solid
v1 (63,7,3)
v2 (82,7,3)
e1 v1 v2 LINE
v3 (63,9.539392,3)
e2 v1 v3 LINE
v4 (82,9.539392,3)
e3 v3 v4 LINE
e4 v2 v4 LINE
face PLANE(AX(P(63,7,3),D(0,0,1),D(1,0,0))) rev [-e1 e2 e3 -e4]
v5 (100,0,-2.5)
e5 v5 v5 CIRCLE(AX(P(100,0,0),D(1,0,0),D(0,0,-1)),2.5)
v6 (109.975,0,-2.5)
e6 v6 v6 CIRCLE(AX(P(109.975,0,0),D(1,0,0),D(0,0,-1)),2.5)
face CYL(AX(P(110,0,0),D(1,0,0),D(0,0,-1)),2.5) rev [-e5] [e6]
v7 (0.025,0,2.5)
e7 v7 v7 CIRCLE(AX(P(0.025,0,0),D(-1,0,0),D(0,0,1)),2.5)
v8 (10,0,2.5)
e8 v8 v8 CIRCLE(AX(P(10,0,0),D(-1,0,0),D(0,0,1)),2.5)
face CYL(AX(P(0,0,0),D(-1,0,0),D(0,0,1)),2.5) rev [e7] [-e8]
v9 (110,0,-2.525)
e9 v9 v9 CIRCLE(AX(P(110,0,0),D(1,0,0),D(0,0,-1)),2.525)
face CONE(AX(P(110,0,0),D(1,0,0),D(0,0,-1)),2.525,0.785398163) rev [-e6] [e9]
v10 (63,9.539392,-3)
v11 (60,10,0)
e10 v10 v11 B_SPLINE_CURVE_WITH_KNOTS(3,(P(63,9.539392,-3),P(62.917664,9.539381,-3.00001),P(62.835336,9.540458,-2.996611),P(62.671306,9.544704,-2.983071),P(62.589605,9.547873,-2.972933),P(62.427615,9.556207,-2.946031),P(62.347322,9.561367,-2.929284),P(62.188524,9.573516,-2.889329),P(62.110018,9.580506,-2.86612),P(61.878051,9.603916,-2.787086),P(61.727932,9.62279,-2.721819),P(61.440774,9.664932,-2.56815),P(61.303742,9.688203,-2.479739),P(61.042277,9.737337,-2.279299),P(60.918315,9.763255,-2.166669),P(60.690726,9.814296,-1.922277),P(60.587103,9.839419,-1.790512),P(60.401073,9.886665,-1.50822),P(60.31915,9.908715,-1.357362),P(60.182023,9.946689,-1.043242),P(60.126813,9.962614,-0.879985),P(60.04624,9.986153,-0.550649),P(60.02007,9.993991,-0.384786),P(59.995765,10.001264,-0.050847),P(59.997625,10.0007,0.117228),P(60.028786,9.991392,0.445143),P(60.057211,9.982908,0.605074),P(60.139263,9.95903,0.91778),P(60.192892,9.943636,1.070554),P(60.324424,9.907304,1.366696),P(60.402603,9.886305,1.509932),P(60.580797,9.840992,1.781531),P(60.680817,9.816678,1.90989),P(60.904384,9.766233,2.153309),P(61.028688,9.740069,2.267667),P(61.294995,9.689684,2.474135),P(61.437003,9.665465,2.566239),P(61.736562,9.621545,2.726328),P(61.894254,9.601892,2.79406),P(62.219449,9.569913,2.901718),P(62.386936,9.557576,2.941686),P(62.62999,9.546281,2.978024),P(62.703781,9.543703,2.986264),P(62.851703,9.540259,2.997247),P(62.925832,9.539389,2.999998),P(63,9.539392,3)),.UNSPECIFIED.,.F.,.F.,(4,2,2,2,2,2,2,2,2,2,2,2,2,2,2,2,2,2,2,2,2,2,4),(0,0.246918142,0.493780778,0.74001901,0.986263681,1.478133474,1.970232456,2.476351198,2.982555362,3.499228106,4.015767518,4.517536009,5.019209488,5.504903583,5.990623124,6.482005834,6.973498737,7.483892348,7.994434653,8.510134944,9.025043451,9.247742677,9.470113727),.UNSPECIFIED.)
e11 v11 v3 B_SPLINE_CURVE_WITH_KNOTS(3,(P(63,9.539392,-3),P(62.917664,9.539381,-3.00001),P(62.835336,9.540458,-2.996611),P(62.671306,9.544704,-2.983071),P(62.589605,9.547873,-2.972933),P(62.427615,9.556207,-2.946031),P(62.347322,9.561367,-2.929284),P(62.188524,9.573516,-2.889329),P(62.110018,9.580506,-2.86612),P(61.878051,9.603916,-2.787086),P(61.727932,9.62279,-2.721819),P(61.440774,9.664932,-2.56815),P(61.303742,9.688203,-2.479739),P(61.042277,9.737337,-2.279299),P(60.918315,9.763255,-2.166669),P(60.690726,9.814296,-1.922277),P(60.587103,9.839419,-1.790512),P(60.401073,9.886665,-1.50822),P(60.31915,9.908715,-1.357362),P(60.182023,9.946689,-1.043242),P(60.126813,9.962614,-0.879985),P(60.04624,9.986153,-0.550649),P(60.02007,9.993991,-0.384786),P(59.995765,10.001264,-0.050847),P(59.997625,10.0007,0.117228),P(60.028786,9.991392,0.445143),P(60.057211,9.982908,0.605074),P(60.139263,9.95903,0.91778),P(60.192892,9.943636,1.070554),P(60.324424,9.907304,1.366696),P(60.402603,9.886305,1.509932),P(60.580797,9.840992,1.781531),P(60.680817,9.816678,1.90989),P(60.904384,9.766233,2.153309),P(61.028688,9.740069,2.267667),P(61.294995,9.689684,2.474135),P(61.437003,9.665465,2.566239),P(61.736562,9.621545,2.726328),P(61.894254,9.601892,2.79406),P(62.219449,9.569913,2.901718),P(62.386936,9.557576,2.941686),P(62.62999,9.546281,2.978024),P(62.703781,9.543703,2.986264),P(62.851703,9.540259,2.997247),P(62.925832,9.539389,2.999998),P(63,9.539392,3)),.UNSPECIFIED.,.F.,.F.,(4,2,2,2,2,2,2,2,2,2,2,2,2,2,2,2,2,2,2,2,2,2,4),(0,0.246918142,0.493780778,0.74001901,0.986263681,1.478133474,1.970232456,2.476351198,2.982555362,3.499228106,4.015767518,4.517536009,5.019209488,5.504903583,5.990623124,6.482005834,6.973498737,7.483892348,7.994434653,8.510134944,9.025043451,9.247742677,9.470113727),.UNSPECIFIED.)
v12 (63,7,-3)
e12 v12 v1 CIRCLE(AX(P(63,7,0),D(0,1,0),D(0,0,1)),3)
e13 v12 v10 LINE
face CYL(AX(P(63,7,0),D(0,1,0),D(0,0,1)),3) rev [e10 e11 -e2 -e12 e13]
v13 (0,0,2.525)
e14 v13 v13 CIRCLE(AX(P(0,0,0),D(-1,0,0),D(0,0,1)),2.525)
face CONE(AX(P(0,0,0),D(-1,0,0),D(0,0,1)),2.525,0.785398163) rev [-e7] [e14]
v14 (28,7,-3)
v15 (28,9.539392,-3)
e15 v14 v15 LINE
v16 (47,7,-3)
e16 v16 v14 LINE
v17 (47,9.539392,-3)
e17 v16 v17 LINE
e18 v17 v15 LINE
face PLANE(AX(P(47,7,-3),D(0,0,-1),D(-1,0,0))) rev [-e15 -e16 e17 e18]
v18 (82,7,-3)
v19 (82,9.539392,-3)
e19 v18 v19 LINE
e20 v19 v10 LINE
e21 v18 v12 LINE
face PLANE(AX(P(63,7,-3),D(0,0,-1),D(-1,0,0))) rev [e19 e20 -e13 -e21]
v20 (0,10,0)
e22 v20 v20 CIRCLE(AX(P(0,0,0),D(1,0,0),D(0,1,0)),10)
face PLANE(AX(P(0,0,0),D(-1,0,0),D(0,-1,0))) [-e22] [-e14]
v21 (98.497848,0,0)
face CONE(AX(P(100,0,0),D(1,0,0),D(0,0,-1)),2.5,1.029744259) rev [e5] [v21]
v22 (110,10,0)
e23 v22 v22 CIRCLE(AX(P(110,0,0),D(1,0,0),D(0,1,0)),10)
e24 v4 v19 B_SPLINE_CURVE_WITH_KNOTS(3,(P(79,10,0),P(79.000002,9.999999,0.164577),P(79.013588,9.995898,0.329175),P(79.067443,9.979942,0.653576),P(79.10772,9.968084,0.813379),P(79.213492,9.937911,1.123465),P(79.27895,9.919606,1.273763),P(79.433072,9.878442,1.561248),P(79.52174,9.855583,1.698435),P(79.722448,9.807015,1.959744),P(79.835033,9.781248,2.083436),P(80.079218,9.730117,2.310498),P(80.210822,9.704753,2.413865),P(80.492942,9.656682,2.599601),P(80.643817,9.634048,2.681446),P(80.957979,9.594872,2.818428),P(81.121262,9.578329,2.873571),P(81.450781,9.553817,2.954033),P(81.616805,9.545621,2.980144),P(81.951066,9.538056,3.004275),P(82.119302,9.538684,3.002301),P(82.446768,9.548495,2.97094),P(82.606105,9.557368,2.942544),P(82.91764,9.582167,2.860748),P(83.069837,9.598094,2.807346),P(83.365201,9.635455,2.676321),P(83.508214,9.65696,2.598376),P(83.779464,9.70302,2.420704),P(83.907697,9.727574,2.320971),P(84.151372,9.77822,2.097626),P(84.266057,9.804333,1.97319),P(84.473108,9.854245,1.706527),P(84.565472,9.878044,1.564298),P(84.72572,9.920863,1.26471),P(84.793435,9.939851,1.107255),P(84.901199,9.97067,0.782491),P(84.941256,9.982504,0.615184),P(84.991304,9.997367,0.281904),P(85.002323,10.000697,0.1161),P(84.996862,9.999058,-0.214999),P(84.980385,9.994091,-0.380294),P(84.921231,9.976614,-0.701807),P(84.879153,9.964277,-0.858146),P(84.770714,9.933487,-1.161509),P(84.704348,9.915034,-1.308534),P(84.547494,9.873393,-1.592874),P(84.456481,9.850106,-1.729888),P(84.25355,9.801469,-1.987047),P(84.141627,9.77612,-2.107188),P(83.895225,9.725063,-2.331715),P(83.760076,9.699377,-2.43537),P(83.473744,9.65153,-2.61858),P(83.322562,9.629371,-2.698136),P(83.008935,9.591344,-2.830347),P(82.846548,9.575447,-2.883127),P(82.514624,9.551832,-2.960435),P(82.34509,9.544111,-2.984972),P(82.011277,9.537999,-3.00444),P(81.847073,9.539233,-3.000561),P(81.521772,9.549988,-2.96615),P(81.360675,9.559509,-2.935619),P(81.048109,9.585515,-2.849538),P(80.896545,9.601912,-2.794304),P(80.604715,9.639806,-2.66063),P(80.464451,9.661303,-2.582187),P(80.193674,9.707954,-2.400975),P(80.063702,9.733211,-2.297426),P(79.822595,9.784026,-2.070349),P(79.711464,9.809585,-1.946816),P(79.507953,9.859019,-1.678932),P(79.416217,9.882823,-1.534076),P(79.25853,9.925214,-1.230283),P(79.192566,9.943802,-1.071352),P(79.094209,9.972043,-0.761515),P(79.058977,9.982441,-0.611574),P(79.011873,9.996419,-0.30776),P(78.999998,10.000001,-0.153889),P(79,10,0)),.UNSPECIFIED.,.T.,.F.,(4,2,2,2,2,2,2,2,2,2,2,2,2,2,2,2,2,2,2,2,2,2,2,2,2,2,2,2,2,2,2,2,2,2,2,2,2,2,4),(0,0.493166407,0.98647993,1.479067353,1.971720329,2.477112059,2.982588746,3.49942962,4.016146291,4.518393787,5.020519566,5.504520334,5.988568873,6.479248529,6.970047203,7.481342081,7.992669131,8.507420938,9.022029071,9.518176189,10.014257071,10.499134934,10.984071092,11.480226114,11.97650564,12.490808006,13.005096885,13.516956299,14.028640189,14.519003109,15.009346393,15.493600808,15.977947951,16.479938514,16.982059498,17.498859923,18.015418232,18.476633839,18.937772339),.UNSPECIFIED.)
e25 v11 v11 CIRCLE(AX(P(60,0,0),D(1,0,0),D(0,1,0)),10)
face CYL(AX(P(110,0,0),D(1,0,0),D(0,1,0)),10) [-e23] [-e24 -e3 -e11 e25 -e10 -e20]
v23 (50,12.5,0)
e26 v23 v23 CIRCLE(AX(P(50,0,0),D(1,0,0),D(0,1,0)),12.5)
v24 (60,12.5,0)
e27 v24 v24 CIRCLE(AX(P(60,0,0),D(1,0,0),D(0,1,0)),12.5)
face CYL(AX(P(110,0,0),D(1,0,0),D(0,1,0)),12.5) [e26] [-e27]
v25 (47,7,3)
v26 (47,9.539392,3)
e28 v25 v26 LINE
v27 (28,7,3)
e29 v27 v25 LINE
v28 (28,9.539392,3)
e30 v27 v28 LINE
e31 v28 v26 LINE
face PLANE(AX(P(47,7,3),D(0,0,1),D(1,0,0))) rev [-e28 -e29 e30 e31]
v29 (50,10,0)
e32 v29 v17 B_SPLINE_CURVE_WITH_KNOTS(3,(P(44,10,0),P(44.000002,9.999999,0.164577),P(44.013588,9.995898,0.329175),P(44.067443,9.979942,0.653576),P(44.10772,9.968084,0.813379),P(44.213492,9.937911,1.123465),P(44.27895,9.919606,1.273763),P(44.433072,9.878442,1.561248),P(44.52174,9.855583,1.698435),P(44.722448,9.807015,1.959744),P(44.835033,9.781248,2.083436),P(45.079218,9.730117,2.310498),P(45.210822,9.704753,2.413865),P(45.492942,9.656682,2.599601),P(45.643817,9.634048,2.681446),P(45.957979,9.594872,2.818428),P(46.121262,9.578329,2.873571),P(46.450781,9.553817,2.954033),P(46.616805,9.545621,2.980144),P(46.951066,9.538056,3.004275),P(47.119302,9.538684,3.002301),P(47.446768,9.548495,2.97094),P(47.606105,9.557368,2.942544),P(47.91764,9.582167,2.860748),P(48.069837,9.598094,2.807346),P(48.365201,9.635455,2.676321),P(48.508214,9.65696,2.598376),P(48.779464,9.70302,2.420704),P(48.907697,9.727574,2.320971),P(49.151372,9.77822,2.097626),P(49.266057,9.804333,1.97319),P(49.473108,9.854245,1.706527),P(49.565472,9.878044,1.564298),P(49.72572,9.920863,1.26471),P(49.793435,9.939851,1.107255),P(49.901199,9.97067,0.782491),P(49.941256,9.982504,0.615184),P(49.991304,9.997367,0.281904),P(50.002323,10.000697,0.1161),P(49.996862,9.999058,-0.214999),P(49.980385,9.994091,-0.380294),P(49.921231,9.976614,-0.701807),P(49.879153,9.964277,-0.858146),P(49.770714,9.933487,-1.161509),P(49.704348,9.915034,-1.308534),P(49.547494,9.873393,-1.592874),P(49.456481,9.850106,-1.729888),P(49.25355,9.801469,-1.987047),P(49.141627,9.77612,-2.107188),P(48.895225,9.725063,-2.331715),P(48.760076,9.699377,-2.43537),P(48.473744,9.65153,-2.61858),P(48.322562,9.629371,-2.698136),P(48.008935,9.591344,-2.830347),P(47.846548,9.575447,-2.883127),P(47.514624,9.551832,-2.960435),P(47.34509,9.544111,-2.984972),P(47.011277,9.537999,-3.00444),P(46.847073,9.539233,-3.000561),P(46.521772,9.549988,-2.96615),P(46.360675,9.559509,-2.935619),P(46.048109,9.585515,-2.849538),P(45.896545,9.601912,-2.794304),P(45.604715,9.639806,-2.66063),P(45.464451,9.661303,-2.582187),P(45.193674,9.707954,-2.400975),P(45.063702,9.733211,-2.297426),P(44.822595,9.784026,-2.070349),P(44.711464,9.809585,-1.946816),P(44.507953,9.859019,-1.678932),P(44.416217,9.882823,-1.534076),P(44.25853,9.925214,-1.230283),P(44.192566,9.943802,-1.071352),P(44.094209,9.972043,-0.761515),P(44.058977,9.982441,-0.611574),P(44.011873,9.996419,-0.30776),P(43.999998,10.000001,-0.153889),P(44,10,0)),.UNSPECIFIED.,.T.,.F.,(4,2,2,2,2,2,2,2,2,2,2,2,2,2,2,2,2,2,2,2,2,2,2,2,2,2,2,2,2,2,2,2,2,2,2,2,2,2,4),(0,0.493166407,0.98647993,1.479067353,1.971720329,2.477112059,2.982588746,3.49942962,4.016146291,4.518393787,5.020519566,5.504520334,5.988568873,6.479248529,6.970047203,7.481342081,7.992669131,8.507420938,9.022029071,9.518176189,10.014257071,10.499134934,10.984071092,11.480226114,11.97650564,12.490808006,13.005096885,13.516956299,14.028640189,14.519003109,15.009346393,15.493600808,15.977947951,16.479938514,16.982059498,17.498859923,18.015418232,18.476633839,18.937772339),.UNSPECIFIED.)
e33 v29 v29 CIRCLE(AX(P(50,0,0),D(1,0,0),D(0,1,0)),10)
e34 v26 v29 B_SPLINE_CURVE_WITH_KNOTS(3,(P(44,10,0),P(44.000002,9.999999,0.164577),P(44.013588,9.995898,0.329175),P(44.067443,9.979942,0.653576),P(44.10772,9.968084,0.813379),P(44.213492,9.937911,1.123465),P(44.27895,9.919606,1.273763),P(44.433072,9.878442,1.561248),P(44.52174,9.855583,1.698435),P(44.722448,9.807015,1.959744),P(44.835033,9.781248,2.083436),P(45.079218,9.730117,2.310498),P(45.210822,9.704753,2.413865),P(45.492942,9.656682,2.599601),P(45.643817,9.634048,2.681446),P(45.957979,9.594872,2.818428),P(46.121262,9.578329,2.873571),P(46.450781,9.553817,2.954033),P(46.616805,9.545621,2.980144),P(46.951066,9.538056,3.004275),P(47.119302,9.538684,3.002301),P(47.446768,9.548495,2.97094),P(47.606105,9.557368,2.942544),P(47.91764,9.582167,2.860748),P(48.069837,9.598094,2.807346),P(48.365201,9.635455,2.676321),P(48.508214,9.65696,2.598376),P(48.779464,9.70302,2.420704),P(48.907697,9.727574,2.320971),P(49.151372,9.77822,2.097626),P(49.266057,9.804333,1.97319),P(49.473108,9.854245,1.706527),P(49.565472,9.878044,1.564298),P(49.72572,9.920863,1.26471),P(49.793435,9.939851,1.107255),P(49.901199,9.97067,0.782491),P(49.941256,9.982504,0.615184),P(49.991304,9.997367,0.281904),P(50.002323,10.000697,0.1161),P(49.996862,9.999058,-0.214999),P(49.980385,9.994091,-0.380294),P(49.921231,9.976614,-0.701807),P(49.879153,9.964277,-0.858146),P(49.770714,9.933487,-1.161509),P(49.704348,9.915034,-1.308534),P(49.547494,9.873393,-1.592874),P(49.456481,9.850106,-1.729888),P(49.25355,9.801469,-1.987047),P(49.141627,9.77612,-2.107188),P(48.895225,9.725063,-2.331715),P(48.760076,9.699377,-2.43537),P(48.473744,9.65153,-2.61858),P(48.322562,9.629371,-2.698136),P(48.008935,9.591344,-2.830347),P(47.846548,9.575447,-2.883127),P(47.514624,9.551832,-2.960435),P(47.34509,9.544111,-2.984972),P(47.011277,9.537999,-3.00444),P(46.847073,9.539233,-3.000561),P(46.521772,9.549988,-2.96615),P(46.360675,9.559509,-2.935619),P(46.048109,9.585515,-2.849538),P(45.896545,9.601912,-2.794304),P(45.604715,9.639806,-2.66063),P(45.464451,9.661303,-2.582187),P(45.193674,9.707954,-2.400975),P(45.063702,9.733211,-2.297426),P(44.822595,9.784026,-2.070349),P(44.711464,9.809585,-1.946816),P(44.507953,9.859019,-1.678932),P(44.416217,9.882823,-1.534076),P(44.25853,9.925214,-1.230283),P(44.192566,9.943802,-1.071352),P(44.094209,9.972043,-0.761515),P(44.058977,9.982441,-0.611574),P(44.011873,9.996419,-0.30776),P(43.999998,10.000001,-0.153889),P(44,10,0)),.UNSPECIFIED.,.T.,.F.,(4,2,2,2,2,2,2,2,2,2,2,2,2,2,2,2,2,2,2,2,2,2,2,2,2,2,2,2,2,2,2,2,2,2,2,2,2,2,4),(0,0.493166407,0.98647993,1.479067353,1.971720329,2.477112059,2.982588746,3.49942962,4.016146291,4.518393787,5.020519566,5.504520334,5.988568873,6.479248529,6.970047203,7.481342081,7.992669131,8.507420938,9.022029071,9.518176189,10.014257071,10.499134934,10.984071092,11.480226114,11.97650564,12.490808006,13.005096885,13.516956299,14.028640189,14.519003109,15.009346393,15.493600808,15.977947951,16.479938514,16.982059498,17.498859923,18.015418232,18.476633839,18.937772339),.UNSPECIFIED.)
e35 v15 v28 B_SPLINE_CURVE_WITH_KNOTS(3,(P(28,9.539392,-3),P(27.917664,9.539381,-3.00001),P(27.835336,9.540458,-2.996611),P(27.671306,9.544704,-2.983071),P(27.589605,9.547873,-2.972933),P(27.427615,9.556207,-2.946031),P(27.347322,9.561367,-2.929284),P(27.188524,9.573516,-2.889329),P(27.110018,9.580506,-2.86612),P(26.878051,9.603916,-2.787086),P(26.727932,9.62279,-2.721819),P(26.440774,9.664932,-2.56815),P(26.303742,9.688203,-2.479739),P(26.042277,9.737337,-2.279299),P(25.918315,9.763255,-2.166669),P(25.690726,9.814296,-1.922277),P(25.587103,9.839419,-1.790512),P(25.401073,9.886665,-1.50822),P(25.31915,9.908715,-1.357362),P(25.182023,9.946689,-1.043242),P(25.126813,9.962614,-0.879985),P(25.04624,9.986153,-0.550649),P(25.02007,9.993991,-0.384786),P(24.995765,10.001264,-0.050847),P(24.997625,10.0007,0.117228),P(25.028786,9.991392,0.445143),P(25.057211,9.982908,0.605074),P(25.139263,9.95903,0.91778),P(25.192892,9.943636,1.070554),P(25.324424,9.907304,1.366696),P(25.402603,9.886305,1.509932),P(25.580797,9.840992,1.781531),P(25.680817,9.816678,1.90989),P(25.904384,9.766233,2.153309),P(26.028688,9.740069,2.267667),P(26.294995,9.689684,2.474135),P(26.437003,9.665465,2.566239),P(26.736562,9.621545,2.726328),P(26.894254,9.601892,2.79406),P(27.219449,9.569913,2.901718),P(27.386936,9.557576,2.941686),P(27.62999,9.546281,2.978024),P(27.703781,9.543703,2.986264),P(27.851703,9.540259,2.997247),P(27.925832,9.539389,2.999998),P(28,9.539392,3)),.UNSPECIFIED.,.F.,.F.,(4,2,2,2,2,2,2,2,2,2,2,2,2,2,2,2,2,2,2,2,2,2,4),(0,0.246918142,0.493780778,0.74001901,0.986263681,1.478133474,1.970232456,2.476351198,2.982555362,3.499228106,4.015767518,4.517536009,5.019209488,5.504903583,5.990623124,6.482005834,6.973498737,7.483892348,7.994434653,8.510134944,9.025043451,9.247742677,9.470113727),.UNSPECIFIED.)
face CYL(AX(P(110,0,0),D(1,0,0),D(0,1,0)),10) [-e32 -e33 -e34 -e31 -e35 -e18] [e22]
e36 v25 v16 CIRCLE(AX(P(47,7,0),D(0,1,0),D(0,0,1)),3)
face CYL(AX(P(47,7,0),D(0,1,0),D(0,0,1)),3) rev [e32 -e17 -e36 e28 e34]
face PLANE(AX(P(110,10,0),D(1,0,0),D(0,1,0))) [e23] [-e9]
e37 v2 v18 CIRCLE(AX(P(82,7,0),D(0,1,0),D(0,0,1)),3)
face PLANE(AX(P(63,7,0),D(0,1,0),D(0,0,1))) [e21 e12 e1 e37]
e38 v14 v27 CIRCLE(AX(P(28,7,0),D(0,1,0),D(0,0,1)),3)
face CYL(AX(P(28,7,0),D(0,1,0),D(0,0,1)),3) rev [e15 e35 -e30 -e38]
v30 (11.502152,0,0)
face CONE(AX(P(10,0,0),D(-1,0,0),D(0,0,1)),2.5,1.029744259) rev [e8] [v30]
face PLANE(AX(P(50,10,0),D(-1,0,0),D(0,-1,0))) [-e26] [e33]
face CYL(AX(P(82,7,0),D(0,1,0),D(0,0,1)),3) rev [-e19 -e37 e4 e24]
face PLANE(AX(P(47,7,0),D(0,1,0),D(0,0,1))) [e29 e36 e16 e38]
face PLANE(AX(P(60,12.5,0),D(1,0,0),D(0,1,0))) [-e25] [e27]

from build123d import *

# Parameters (mm, degrees)
CUT_EXTRUDE1_DEPTH                        = 3
F_5_0MM_DOWEL_HOLE1_D                     = 5
F_5_0MM_DOWEL_HOLE1_DEPTH                 = 10
F_5_0MM_DOWEL_HOLE1_CSINK_D               = 5.05
F_5_0MM_DOWEL_HOLE1_CSINK_ANGLE           = 90
F_5_0MM_DOWEL_HOLE1_TIP                   = 1.502151548
F_5_0MM_DOWEL_HOLE1_ON_FACE_2_D           = 5
F_5_0MM_DOWEL_HOLE1_ON_FACE_2_DEPTH       = 10
F_5_0MM_DOWEL_HOLE1_ON_FACE_2_CSINK_D     = 5.05
F_5_0MM_DOWEL_HOLE1_ON_FACE_2_CSINK_ANGLE = 90
F_5_0MM_DOWEL_HOLE1_ON_FACE_2_TIP         = 1.502151548


with BuildPart() as part:
    # Sketch1 → Revolve1 (revolve)
    with BuildSketch(Plane.XY):
        Polygon((0, 0), (0, 10), (50, 10), (50, 12.5), (60, 12.5), (60, 10), (110, 10), (110, 0), align=None)
    revolve(axis=Axis((110, 0, 0), (-1, 0, 0)))

    # Sketch2 → Cut-Extrude1 (cut)
    with BuildSketch(Plane(origin=(0, 10, 0), x_dir=(1, 0, 0), z_dir=(0, 1, 0))):
        with BuildLine():
            Line((47, -3), (28, -3))
            ThreePointArc((28, -3), (25, 0), (28, 3))
            Line((28, 3), (47, 3))
            ThreePointArc((47, 3), (50, 0), (47, -3))
        make_face()
        with BuildLine():
            Line((63, 3), (82, 3))
            ThreePointArc((82, 3), (85, 0), (82, -3))
            Line((82, -3), (63, -3))
            ThreePointArc((63, -3), (60, 0), (63, 3))
        make_face()
    extrude(amount=-CUT_EXTRUDE1_DEPTH, mode=Mode.SUBTRACT)

    # Ø5.0mm Dowel Hole1
    with Locations(Plane.YZ.offset(110)):
        with Locations((0, 0)):
            CounterSinkHole(F_5_0MM_DOWEL_HOLE1_D / 2, F_5_0MM_DOWEL_HOLE1_CSINK_D / 2, depth=F_5_0MM_DOWEL_HOLE1_DEPTH, counter_sink_angle=F_5_0MM_DOWEL_HOLE1_CSINK_ANGLE)
            with Locations((0, 0, -(F_5_0MM_DOWEL_HOLE1_DEPTH + F_5_0MM_DOWEL_HOLE1_TIP / 2))):  # 118° drill point
                Cone(0, F_5_0MM_DOWEL_HOLE1_D / 2, F_5_0MM_DOWEL_HOLE1_TIP, mode=Mode.SUBTRACT)

    # Ø5.0mm Dowel Hole1 on face 2
    with Locations(Plane(origin=(0, 0, 0), x_dir=(0, 0, -1), z_dir=(-1, 0, 0))):
        with Locations((0, 0)):
            CounterSinkHole(F_5_0MM_DOWEL_HOLE1_ON_FACE_2_D / 2, F_5_0MM_DOWEL_HOLE1_ON_FACE_2_CSINK_D / 2, depth=F_5_0MM_DOWEL_HOLE1_ON_FACE_2_DEPTH, counter_sink_angle=F_5_0MM_DOWEL_HOLE1_ON_FACE_2_CSINK_ANGLE)
            with Locations((0, 0, -(F_5_0MM_DOWEL_HOLE1_ON_FACE_2_DEPTH + F_5_0MM_DOWEL_HOLE1_ON_FACE_2_TIP / 2))):  # 118° drill point
                Cone(0, F_5_0MM_DOWEL_HOLE1_ON_FACE_2_D / 2, F_5_0MM_DOWEL_HOLE1_ON_FACE_2_TIP, mode=Mode.SUBTRACT)


solid = part.part
